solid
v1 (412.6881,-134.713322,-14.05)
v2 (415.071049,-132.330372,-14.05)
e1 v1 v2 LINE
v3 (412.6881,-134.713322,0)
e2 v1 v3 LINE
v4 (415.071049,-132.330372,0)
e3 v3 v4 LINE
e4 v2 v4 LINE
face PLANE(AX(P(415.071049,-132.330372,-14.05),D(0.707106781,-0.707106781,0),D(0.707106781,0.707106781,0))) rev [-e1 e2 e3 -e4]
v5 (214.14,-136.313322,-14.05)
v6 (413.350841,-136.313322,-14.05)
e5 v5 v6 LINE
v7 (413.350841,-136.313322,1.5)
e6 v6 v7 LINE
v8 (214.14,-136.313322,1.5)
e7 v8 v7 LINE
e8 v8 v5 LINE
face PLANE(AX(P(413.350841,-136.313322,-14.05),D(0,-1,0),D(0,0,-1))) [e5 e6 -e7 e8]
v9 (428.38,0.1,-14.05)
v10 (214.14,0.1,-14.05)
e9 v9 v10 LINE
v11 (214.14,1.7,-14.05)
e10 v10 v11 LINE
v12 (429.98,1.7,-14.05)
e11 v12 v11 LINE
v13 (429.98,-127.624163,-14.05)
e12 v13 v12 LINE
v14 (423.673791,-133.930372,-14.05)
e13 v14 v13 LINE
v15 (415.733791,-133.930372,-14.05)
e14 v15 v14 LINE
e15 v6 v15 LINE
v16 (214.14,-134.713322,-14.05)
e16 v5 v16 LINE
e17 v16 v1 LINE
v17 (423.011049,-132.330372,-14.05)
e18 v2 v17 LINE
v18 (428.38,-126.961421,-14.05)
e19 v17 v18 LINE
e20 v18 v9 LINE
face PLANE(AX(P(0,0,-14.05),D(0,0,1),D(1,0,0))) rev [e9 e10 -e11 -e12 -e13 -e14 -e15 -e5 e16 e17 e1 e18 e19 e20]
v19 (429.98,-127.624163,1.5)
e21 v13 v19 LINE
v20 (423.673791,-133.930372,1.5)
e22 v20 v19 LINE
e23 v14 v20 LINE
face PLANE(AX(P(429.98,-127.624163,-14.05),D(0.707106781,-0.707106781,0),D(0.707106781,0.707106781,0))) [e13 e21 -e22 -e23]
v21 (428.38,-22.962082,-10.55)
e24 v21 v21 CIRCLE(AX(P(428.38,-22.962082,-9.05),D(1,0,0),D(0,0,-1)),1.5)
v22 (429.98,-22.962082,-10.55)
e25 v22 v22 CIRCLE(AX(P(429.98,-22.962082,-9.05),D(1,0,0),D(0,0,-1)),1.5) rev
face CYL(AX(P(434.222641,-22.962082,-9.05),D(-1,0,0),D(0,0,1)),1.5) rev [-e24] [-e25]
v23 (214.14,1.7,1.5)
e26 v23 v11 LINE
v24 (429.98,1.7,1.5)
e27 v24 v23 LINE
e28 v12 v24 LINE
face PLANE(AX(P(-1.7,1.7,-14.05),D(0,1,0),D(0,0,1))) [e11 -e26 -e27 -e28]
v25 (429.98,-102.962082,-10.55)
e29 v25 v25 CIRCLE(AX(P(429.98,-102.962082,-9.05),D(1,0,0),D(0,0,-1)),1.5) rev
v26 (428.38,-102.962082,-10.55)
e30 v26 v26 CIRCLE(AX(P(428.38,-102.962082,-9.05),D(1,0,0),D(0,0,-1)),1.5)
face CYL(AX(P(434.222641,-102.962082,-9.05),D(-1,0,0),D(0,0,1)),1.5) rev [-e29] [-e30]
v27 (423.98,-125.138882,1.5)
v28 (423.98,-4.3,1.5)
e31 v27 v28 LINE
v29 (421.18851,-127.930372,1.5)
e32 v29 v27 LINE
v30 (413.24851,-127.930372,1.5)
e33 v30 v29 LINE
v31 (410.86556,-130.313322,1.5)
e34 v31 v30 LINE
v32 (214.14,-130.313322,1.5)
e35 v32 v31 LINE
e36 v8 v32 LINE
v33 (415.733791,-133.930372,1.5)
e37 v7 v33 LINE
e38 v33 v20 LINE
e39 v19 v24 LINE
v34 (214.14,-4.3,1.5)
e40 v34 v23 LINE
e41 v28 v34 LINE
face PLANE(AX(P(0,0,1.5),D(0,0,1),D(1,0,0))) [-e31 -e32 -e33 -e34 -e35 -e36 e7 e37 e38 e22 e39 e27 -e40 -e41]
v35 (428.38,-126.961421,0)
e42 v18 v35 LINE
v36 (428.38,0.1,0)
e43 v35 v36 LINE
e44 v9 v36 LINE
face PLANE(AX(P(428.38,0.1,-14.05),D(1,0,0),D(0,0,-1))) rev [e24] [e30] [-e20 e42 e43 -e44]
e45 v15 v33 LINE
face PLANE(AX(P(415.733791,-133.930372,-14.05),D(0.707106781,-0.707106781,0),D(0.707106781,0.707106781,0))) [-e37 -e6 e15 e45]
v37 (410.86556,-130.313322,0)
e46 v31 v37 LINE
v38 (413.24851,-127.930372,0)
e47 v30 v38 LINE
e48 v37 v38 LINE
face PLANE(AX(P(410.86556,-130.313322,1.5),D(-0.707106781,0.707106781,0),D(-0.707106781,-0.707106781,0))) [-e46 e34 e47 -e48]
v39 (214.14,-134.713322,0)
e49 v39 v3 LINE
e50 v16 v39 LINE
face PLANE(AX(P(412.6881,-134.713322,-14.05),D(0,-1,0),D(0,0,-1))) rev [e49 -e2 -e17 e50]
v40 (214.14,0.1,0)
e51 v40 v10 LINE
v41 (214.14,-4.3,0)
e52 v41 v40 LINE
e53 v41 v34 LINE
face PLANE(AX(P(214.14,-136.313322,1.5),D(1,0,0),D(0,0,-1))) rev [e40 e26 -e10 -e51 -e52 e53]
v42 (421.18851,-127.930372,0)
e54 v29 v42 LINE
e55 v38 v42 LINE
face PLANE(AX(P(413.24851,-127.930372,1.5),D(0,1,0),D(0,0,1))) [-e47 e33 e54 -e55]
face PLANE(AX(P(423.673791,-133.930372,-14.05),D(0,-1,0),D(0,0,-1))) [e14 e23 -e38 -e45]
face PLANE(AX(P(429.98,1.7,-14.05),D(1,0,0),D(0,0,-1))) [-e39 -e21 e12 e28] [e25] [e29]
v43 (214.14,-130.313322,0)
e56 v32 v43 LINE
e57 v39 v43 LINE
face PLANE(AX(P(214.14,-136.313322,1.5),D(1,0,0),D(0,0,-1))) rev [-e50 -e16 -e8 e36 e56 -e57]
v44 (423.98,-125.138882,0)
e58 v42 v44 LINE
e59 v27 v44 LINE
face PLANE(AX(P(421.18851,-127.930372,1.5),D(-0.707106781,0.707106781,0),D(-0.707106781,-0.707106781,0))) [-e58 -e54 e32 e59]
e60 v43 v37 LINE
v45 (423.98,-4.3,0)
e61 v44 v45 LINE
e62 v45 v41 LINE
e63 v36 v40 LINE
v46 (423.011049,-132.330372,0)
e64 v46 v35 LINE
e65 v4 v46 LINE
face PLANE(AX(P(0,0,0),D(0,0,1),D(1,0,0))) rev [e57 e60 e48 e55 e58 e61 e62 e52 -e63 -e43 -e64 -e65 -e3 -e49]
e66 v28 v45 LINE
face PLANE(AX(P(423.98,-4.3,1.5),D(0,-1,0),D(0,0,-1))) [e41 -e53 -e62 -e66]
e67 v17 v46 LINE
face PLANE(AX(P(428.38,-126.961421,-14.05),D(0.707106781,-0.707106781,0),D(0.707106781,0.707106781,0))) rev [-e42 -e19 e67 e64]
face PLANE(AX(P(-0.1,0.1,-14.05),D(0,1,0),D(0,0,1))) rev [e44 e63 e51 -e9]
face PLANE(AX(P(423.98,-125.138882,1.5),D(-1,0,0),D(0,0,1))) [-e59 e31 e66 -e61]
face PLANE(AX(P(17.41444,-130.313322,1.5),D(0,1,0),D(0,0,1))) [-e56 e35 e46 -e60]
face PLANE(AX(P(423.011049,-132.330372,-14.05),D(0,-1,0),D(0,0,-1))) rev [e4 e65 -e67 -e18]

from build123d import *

# Parameters (mm, degrees)
P_IDAT_VYSUNUT_M1_DEPTH  = 14.05
P_IDAT_VYSUNUT_M2_DEPTH  = 1.5
ODEBRAT_VYSUNUT_M1_DEPTH = 1.6
ODEBRAT_VYSUNUT_M2_REACH = 454.909
SKICA4_R                 = 1.5
SKICA5_W                 = 215.84
SKICA5_H                 = 15.55
ODEBRAT_VYSUNUT_M3_DEPTH = 452.805134863


with BuildPart() as part:
    # Skica1 → Přidat vysunutím1 (new body)
    with BuildSketch(Plane.XY):
        Polygon((-1.7, 1.7), (429.98, 1.7), (429.98, -127.624163056), (423.673791129, -133.930371927), (415.733791129, -133.930371927), (413.350841277, -136.313321779), (14.929158723, -136.313321779), (12.546208871, -133.930371927), (4.606208871, -133.930371927), (-1.7, -127.624163056), align=None)
        Polygon((-0.1, 0.1), (428.38, 0.1), (428.38, -126.961421356), (423.01104943, -132.330371927), (415.07104943, -132.330371927), (412.688099577, -134.713321779), (15.591900423, -134.713321779), (13.20895057, -132.330371927), (5.26895057, -132.330371927), (-0.1, -126.961421356), align=None, mode=Mode.SUBTRACT)
    extrude(amount=-P_IDAT_VYSUNUT_M1_DEPTH)

    # Skica2 → Přidat vysunutím2 (add)
    with BuildSketch(Plane.XY):
        Polygon((-1.7, 1.7), (-1.7, -127.624163056), (4.606208871, -133.930371927), (12.546208871, -133.930371927), (14.929158723, -136.313321779), (413.350841277, -136.313321779), (415.733791129, -133.930371927), (423.673791129, -133.930371927), (429.98, -127.624163056), (429.98, 1.7), align=None)
        Polygon((4.3, -4.3), (4.3, -125.138881682), (7.091490245, -127.930371927), (15.031490245, -127.930371927), (17.414440098, -130.313321779), (410.865559902, -130.313321779), (413.248509755, -127.930371927), (421.188509755, -127.930371927), (423.98, -125.138881682), (423.98, -4.3), align=None, mode=Mode.SUBTRACT)
    extrude(amount=P_IDAT_VYSUNUT_M2_DEPTH)

    # Skica3 → Odebrat vysunutím1 (cut)
    with BuildSketch(Plane(origin=(0, 1.7, 0), x_dir=(1, 0, 0), z_dir=(0, 1, 0))):
        with BuildLine():
            Line((45.76, 4.75), (40.26, 4.75))
            ThreePointArc((40.26, 4.75), (36.76, 8.25), (40.26, 11.75))
            Line((40.26, 11.75), (45.76, 11.75))
            ThreePointArc((45.76, 11.75), (49.26, 8.25), (45.76, 4.75))
        make_face()
    extrude(amount=-ODEBRAT_VYSUNUT_M1_DEPTH, mode=Mode.SUBTRACT)

    # Odebrat vysunutím2: up to this face of the body (flat: up to its plane)
    odebrat_vysunut_m2_end = Plane(part.part.faces().sort_by_distance((429.98, -62.962081528, -6.275))[0])
    # Skica4 → Odebrat vysunutím2 (cut, up to the picked face)
    with BuildSketch(Plane.ZY.offset(1.7), mode=Mode.PRIVATE) as odebrat_vysunut_m2_sk1:
        with Locations(Location((-9.05, -22.962081528, 0), (0, 0, 180))):
            Circle(SKICA4_R)
    odebrat_vysunut_m2_tool1 = split(extrude(odebrat_vysunut_m2_sk1.sketch, amount=-ODEBRAT_VYSUNUT_M2_REACH, mode=Mode.PRIVATE), bisect_by=odebrat_vysunut_m2_end, keep=Keep.BOTH, mode=Mode.PRIVATE)
    # Skica4 → Odebrat vysunutím2 (cut, up to the picked face)
    with BuildSketch(Plane.ZY.offset(1.7), mode=Mode.PRIVATE) as odebrat_vysunut_m2_sk2:
        with Locations(Location((-9.05, -102.962081528, 0), (0, 0, 180))):
            Circle(SKICA4_R)
    odebrat_vysunut_m2_tool2 = split(extrude(odebrat_vysunut_m2_sk2.sketch, amount=-ODEBRAT_VYSUNUT_M2_REACH, mode=Mode.PRIVATE), bisect_by=odebrat_vysunut_m2_end, keep=Keep.BOTH, mode=Mode.PRIVATE)
    add(odebrat_vysunut_m2_tool1.solids().sort_by(Axis((-1.7, -22.962082, -9.05), (1, 0, 0)))[0], mode=Mode.SUBTRACT)
    add(odebrat_vysunut_m2_tool2.solids().sort_by(Axis((-1.7, -102.962082, -9.05), (1, 0, 0)))[0], mode=Mode.SUBTRACT)

    # Skica5 → Odebrat vysunutím3 (cut, through all)
    with BuildSketch(Plane(origin=(0, 1.7, 0), x_dir=(1, 0, 0), z_dir=(0, 1, 0))):
        with Locations((106.22, 6.275)):
            Rectangle(SKICA5_W, SKICA5_H)
    extrude(amount=-ODEBRAT_VYSUNUT_M3_DEPTH, mode=Mode.SUBTRACT)


solid = part.part
